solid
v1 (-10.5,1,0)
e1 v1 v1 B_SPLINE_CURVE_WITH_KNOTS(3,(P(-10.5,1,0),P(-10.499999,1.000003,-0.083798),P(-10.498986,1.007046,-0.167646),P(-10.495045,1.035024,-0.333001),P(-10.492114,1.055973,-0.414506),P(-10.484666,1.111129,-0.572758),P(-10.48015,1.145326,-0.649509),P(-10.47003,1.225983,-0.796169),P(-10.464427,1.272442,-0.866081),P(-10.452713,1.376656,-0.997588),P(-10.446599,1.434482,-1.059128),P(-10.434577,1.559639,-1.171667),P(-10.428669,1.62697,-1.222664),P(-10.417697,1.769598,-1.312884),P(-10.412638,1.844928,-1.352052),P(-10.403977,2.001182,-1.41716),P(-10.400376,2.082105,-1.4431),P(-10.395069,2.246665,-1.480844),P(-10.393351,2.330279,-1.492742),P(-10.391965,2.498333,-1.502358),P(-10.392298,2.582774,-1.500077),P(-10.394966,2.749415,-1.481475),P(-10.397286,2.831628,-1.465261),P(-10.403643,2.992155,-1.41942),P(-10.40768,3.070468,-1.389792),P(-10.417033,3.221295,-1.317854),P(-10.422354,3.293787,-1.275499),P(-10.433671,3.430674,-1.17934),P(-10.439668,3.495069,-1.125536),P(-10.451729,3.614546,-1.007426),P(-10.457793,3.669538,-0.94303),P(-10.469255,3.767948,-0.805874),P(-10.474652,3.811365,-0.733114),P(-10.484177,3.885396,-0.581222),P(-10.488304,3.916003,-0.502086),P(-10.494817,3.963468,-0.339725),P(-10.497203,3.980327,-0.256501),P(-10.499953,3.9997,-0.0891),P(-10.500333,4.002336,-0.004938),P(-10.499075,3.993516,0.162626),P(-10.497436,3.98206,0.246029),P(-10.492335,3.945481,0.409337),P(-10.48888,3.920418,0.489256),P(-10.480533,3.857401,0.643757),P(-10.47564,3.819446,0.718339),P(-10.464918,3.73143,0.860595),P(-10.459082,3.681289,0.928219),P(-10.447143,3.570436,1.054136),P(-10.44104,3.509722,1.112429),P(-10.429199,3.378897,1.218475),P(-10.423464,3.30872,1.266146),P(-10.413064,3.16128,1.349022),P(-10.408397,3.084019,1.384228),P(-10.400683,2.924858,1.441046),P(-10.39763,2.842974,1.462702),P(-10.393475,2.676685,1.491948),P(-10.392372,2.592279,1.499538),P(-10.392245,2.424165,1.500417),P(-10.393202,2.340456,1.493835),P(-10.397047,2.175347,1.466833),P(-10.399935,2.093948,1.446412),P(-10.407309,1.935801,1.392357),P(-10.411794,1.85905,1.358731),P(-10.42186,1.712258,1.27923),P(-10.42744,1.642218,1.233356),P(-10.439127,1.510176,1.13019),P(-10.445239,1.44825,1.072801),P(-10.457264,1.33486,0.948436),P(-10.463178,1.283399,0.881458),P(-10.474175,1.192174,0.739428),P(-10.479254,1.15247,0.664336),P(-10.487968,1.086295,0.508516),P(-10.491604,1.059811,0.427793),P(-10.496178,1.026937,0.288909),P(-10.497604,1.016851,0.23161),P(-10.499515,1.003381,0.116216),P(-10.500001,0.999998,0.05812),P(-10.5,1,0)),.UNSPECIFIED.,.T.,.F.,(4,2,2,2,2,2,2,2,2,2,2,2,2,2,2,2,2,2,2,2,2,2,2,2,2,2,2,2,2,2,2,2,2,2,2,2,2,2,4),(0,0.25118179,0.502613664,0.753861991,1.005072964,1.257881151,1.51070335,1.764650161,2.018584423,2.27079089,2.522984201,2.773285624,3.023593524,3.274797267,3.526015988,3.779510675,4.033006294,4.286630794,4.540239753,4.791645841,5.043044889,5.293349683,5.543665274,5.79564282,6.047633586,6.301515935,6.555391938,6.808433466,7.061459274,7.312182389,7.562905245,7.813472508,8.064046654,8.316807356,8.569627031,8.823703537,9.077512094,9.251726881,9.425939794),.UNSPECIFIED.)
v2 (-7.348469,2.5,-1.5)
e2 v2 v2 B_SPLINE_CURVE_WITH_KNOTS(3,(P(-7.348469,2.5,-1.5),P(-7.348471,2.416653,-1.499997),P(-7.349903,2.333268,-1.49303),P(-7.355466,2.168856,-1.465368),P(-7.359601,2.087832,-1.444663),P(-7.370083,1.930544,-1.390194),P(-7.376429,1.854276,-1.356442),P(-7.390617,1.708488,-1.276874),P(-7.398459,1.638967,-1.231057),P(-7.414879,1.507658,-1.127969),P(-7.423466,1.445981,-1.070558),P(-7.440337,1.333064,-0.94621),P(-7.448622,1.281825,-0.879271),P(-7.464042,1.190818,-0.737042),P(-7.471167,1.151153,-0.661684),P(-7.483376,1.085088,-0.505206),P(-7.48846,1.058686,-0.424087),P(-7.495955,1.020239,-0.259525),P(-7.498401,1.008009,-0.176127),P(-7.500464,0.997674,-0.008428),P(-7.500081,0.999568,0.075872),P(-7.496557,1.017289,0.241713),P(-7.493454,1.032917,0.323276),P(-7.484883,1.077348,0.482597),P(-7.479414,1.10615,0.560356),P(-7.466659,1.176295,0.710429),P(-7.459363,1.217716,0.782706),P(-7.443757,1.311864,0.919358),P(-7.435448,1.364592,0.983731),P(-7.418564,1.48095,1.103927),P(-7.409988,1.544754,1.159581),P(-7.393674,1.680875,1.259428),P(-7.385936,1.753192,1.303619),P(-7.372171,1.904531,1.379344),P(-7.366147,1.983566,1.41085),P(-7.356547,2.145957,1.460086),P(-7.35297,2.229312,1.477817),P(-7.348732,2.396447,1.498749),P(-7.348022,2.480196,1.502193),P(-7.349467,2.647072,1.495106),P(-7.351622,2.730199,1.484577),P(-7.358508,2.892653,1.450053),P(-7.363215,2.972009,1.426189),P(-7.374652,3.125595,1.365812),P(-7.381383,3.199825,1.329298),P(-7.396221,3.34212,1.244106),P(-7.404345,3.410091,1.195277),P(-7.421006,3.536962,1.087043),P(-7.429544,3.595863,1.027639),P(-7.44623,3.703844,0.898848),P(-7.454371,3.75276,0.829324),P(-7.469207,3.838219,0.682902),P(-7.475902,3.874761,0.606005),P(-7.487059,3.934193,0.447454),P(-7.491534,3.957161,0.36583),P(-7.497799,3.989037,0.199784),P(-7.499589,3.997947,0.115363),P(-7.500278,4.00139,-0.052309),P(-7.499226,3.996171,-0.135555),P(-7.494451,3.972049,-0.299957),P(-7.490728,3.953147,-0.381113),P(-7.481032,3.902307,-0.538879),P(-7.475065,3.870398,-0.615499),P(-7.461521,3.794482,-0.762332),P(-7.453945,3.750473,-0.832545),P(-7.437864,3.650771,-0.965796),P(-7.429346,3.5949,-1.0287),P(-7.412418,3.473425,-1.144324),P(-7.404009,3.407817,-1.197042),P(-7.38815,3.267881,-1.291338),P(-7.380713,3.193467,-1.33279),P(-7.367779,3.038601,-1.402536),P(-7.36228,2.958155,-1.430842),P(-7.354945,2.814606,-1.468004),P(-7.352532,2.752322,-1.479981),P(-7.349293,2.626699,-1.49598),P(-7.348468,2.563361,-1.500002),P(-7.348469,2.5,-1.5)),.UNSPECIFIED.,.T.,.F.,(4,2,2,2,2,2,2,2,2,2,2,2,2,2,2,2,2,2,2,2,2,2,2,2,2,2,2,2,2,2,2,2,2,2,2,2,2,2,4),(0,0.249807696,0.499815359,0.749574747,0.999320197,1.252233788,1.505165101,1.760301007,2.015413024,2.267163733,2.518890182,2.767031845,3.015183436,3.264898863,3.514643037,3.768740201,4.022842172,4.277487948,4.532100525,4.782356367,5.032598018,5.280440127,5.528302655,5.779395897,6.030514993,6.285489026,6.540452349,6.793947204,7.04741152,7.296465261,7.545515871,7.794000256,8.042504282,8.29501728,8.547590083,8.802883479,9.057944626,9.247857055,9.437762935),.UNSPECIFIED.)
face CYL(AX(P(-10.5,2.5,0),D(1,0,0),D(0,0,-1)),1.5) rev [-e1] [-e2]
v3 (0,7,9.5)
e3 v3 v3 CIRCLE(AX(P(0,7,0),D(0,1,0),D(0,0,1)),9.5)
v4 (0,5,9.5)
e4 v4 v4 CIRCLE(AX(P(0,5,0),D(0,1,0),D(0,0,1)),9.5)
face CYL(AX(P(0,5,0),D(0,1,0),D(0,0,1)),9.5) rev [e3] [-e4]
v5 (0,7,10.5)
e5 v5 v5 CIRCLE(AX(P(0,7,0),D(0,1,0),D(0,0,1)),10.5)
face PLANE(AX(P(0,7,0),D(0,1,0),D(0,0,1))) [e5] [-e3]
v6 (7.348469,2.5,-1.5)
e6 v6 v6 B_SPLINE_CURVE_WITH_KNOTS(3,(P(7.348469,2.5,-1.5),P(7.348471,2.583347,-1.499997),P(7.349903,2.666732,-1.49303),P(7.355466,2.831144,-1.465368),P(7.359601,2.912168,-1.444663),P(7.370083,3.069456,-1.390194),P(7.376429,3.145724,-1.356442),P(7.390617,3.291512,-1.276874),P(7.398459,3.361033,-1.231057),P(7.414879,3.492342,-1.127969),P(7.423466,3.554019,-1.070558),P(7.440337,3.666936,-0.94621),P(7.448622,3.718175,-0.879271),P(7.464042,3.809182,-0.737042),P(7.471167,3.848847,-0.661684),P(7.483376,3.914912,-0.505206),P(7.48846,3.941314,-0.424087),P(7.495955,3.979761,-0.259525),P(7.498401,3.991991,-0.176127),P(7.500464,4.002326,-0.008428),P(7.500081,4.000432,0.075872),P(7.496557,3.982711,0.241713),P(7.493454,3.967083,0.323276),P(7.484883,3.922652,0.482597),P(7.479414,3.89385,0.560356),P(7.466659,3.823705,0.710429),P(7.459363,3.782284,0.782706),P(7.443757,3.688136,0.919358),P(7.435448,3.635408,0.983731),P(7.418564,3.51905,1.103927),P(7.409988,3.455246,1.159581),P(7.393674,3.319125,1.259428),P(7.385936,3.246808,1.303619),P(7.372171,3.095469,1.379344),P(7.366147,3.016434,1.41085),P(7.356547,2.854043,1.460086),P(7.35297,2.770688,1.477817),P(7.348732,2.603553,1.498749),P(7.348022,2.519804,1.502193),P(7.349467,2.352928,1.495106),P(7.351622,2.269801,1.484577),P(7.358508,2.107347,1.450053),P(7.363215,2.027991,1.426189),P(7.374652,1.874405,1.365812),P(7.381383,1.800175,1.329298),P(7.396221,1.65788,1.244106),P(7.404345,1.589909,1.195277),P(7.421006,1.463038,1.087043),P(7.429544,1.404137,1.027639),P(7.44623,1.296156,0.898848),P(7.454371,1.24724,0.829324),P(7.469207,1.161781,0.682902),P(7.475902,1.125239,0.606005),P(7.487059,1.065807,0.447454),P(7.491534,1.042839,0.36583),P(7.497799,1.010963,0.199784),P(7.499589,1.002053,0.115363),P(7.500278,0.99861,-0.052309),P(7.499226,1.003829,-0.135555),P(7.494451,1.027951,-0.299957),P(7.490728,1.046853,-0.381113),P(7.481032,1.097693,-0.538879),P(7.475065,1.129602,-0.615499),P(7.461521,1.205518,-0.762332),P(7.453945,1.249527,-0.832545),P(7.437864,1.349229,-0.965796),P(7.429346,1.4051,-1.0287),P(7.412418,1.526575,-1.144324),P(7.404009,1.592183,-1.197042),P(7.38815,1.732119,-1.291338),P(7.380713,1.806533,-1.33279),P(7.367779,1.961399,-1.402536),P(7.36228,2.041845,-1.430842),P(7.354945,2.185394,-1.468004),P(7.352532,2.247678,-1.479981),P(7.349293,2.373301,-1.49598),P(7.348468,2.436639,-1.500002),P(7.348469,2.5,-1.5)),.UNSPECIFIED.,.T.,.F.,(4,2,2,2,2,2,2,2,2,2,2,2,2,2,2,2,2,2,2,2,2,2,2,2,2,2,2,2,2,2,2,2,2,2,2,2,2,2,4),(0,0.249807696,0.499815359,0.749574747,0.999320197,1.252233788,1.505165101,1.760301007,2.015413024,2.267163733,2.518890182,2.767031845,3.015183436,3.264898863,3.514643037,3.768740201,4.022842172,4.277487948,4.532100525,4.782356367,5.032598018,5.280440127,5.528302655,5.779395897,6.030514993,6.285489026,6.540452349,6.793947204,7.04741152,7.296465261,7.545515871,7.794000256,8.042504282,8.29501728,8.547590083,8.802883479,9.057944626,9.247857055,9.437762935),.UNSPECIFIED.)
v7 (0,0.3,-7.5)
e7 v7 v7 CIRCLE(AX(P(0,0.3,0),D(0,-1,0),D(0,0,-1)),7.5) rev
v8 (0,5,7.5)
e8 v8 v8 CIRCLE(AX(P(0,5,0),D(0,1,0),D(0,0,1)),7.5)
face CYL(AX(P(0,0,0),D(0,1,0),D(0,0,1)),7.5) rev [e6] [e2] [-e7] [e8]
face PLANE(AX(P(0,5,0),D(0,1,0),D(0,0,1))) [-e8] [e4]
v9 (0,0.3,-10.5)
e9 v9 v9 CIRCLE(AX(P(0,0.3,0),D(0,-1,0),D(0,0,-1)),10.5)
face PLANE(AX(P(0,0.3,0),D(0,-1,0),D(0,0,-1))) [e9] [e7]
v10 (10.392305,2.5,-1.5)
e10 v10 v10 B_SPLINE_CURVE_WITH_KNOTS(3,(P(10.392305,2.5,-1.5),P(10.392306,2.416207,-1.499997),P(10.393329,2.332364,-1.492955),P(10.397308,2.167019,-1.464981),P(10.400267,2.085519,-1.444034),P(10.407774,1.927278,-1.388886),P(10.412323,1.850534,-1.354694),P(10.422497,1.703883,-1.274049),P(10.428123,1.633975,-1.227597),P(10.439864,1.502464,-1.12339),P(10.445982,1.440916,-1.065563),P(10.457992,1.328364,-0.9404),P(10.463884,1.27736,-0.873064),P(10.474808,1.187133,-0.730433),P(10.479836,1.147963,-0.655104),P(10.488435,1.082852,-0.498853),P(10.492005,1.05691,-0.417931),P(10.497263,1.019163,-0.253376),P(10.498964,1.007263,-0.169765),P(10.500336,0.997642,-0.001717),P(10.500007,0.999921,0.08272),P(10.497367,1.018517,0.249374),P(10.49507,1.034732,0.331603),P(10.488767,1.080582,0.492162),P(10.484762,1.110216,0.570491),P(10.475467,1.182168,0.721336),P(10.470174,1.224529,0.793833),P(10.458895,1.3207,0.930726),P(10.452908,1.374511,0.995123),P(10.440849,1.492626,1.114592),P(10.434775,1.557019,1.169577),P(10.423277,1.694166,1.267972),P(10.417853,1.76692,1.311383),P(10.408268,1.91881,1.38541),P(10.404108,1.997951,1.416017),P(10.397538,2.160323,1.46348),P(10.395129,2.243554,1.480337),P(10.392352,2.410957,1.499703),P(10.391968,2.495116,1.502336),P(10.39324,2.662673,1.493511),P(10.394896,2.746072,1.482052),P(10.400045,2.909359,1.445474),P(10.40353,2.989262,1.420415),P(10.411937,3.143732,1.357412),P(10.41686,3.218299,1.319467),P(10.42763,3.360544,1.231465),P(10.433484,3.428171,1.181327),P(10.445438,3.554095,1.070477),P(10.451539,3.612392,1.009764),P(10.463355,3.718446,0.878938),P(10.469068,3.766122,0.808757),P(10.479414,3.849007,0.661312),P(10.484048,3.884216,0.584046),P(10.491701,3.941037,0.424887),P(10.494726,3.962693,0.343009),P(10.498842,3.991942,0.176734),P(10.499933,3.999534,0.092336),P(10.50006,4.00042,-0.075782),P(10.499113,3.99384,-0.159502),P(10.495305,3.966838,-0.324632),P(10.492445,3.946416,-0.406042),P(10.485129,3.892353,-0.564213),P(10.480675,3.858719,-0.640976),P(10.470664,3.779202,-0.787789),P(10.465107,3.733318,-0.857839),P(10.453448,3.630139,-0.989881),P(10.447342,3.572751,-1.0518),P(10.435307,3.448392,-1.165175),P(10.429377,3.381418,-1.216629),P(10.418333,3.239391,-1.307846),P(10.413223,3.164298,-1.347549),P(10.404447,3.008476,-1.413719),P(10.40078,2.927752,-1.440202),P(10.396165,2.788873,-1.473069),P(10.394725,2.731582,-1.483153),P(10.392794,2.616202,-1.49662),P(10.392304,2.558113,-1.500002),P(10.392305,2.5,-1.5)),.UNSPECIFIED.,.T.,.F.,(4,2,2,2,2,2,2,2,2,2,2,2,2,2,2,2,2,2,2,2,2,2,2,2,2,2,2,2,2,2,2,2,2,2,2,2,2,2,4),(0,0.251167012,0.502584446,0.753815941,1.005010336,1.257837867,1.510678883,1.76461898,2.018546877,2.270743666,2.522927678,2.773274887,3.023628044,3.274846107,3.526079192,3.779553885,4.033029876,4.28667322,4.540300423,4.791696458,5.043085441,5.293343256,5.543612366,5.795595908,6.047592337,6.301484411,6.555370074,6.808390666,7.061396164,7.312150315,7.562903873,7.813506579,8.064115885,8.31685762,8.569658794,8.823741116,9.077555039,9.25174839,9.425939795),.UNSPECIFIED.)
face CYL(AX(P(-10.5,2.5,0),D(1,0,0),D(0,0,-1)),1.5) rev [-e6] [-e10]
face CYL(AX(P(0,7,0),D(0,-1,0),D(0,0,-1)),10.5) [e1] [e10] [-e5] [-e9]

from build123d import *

# Parameters (mm, degrees)
SCHIZZO1_R                    = 10.5
ESTRUSIONE_ESTRUSIONE1_DEPTH  = 7
SCHIZZO2_R                    = 9.5
TAGLIO_ESTRUSIONE1_DEPTH      = 2
SCHIZZO3_R                    = 7.5
TAGLIO_ESTRUSIONE2_DEPTH      = 6
SCHIZZO4_R                    = 1.5
TAGLIO_ESTRUSIONE3_DEPTH      = 11.5
TAGLIO_ESTRUSIONE3_DEPTH_BACK = 11.5
SCHIZZO6_R                    = 10.5
TAGLIO_ESTRUSIONE4_DEPTH      = 0.3


with BuildPart() as part:
    # Schizzo1 → Estrusione-Estrusione1 (new body)
    with BuildSketch(Plane(origin=(0, 0, 0), x_dir=(1, 0, 0), z_dir=(0, 1, 0))):
        Circle(SCHIZZO1_R)
    extrude(amount=ESTRUSIONE_ESTRUSIONE1_DEPTH)

    # Schizzo2 → Taglio-Estrusione1 (cut)
    with BuildSketch(Plane(origin=(0, 7, 0), x_dir=(1, 0, 0), z_dir=(0, 1, 0))):
        Circle(SCHIZZO2_R)
    extrude(amount=-TAGLIO_ESTRUSIONE1_DEPTH, mode=Mode.SUBTRACT)

    # Schizzo3 → Taglio-Estrusione2 (cut, through all)
    with BuildSketch(Plane(origin=(0, 5, 0), x_dir=(1, 0, 0), z_dir=(0, 1, 0))):
        Circle(SCHIZZO3_R)
    extrude(amount=-TAGLIO_ESTRUSIONE2_DEPTH, mode=Mode.SUBTRACT)

    # Schizzo4 → Taglio-Estrusione3 (cut, two sides)
    with BuildSketch(Plane(origin=(0, 0, 0), x_dir=(0, 0, -1), z_dir=(1, 0, 0))) as taglio_estrusione3_sk:
        with Locations((0, 2.5)):
            Circle(SCHIZZO4_R)
    extrude(amount=TAGLIO_ESTRUSIONE3_DEPTH, mode=Mode.SUBTRACT)
    extrude(taglio_estrusione3_sk.sketch, amount=-TAGLIO_ESTRUSIONE3_DEPTH_BACK, mode=Mode.SUBTRACT)

    # Schizzo6 → Taglio-Estrusione4 (cut)
    with BuildSketch(Plane.XZ):
        Circle(SCHIZZO6_R)
    extrude(amount=-TAGLIO_ESTRUSIONE4_DEPTH, mode=Mode.SUBTRACT)


solid = part.part
